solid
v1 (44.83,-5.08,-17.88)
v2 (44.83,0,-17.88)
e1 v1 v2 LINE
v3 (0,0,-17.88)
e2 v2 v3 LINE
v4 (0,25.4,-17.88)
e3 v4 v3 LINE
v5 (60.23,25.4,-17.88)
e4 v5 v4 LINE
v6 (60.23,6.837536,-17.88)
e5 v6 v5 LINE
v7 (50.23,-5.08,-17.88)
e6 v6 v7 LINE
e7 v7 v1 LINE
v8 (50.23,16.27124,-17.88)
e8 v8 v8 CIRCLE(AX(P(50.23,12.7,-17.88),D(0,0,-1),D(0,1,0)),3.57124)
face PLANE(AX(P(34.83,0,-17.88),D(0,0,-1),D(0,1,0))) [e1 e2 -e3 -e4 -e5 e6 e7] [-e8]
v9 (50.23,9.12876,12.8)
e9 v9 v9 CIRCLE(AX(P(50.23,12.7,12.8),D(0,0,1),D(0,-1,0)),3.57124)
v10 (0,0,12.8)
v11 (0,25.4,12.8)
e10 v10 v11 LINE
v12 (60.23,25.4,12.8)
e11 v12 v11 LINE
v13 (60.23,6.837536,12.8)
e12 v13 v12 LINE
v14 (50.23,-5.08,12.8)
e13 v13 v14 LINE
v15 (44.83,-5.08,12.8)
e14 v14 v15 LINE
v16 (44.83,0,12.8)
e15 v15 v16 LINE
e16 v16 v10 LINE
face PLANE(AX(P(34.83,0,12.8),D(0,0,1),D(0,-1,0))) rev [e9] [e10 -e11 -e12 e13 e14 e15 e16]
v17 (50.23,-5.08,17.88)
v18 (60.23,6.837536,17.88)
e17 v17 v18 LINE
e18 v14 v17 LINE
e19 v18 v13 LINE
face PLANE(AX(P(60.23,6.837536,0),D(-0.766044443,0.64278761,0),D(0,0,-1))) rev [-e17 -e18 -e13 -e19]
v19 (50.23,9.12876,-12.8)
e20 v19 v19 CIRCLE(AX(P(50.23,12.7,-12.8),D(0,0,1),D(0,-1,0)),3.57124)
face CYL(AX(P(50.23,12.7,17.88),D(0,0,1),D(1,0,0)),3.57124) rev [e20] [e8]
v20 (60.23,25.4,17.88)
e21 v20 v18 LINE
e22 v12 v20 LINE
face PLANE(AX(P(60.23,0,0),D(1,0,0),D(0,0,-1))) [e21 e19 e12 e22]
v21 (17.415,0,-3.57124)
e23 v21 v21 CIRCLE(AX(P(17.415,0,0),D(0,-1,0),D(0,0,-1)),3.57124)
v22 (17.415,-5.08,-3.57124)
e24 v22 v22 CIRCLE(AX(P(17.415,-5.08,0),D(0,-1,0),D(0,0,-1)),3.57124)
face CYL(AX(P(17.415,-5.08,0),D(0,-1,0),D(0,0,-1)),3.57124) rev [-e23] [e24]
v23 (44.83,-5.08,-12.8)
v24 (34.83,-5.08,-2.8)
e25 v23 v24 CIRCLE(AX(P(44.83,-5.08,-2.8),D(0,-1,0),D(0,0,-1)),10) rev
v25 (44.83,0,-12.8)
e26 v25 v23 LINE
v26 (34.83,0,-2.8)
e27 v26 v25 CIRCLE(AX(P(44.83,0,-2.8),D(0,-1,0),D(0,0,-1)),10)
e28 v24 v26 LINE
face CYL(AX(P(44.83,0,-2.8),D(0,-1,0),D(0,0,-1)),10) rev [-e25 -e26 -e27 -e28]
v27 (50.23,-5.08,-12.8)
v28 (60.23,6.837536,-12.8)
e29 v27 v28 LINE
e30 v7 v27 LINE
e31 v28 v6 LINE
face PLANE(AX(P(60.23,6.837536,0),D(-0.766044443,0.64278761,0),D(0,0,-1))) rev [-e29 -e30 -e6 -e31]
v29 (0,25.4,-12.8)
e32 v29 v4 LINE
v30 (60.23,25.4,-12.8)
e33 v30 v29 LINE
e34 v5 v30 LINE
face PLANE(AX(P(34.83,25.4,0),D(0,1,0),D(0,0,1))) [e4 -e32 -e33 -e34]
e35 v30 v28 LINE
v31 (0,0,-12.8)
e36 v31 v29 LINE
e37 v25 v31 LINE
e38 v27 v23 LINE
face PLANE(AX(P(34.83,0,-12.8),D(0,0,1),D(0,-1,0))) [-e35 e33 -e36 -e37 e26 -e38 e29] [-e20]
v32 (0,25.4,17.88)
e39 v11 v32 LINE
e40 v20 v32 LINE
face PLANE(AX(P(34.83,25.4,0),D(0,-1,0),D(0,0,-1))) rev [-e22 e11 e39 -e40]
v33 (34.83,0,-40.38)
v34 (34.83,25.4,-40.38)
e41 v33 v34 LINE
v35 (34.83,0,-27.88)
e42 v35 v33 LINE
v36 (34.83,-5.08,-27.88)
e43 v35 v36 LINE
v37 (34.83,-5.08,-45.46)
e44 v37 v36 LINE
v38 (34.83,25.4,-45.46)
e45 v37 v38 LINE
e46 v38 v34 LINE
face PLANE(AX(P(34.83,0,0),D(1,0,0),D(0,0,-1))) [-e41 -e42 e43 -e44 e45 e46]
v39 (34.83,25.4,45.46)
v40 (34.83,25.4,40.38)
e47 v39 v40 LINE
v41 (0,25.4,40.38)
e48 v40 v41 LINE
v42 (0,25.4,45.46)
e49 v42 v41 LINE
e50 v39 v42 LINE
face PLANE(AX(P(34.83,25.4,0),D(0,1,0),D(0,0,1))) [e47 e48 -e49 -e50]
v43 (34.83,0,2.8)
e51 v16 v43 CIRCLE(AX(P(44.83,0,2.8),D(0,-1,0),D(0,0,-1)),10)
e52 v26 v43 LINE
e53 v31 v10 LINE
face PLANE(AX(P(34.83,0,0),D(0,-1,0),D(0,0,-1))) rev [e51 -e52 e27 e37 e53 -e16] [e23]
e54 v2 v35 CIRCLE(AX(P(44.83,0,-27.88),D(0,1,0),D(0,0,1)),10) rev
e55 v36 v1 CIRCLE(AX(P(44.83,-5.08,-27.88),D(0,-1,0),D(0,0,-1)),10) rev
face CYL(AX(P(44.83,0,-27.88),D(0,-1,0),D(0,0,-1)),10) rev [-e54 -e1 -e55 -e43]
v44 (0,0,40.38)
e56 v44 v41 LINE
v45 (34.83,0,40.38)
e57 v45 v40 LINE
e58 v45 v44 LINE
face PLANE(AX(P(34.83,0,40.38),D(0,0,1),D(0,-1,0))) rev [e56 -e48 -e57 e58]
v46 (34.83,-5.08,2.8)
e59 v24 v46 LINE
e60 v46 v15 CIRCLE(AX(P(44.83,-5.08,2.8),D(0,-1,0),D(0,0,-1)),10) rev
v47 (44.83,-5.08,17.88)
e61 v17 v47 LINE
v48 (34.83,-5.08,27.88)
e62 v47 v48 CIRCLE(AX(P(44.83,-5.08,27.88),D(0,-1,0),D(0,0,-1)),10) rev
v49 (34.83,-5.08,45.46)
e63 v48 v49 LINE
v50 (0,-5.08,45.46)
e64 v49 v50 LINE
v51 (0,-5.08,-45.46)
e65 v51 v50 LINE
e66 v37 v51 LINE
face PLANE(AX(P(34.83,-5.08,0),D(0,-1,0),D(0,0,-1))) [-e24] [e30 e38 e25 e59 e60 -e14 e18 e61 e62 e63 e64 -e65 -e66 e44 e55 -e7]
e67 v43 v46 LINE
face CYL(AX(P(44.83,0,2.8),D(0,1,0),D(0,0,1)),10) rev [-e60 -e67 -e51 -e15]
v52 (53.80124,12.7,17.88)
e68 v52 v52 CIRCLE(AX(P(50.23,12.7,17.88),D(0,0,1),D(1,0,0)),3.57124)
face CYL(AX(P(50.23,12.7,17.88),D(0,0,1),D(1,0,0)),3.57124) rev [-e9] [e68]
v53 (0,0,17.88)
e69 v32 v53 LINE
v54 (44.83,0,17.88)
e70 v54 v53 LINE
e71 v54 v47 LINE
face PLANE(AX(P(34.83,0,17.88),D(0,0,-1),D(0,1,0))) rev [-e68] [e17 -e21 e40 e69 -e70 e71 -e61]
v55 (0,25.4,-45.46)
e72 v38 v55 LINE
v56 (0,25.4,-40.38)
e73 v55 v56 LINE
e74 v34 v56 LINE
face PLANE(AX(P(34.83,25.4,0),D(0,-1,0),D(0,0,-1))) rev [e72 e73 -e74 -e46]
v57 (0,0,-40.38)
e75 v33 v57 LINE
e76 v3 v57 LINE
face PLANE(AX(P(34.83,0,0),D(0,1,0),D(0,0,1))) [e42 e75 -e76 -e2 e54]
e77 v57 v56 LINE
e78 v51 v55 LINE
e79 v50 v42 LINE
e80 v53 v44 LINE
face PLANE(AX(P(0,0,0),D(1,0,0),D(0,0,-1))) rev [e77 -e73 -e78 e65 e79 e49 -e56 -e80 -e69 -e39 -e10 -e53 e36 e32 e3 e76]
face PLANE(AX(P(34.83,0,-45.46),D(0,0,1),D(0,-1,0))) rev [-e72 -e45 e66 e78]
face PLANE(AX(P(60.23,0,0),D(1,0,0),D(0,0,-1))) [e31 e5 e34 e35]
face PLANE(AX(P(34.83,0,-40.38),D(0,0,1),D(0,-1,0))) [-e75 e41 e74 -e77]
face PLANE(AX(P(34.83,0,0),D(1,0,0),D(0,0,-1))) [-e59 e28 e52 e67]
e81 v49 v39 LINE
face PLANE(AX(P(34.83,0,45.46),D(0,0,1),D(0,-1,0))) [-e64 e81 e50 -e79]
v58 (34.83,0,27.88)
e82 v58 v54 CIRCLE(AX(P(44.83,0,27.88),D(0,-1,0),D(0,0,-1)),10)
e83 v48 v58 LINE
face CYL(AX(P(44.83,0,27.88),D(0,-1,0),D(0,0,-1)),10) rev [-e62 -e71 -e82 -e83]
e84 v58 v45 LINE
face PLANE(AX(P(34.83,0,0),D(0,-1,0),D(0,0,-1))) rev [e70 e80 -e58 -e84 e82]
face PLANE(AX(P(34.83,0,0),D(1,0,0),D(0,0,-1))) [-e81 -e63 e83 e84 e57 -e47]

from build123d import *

# Parameters (mm, degrees)
BOSS_EXTRUDE1_DEPTH     = 34.83
SKETCH3_W               = 5.08
SKETCH3_H               = 30.48
BOSS_EXTRUDE2_DEPTH     = 25.4
F_1_4_CLEARANCE_HOLE1_D = 7.14248
CHAMFER1_SIZE           = 10
CHAMFER1_SIZE2          = 11.917535926
FILLET1_R               = 10
F_1_4_CLEARANCE_HOLE2_D = 7.14248


with BuildPart() as part:
    # Sketch2 → Boss-Extrude1 (new body)
    with BuildSketch(Plane(origin=(0, 0, 0), x_dir=(0, 0, -1), z_dir=(1, 0, 0))):
        Polygon((-12.8, 0), (-12.8, 25.4), (-17.88, 25.4), (-17.88, 0), (-40.38, 0), (-40.38, 25.4), (-45.46, 25.4), (-45.46, -5.08), (45.46, -5.08), (45.46, 25.4), (40.38, 25.4), (40.38, 0), (17.88, 0), (17.88, 25.4), (12.8, 25.4), (12.8, 0), align=None)
    extrude(amount=BOSS_EXTRUDE1_DEPTH)

    # Sketch3 → Boss-Extrude2 (add)
    with BuildSketch(Plane(origin=(34.83, 0, 0), x_dir=(0, 0, -1), z_dir=(1, 0, 0))):
        with Locations((-15.34, 10.16)):
            Rectangle(SKETCH3_W, SKETCH3_H)
        with Locations((15.34, 10.16)):
            Rectangle(SKETCH3_W, SKETCH3_H)
    extrude(amount=BOSS_EXTRUDE2_DEPTH)

    # 1/4 Clearance Hole1 (through all)
    with Locations(Plane.XY.offset(17.88)):
        with Locations((50.23, 12.7)):
            Hole(F_1_4_CLEARANCE_HOLE1_D / 2)

    # Chamfer1
    chamfer1_edges = [part.edges().sort_by_distance(p)[0] for p in [
        (60.23, -5.08, -15.34),
        (60.23, -5.08, 15.34),
    ]]
    chamfer1_side = [part.faces().sort_by_distance(p)[0] for p in [
        (19.684206994, -5.08, 0),
    ]]
    chamfer(chamfer1_edges, length=CHAMFER1_SIZE, length2=CHAMFER1_SIZE2, reference=chamfer1_side[0])

    # Fillet1
    fillet1_edges = [part.edges().sort_by_distance(p)[0] for p in [
        (34.83, -2.54, -12.8),
        (34.83, -2.54, -17.88),
        (34.83, -2.54, 12.8),
        (34.83, -2.54, 17.88),
    ]]
    fillet(fillet1_edges, radius=FILLET1_R)

    # 1/4 Clearance Hole2 (through all)
    with Locations(Plane(origin=(0, -5.08, 0), x_dir=(-1, 0, 0), z_dir=(0, -1, 0))):
        with Locations((-17.415, 0)):
            Hole(F_1_4_CLEARANCE_HOLE2_D / 2)


solid = part.part
